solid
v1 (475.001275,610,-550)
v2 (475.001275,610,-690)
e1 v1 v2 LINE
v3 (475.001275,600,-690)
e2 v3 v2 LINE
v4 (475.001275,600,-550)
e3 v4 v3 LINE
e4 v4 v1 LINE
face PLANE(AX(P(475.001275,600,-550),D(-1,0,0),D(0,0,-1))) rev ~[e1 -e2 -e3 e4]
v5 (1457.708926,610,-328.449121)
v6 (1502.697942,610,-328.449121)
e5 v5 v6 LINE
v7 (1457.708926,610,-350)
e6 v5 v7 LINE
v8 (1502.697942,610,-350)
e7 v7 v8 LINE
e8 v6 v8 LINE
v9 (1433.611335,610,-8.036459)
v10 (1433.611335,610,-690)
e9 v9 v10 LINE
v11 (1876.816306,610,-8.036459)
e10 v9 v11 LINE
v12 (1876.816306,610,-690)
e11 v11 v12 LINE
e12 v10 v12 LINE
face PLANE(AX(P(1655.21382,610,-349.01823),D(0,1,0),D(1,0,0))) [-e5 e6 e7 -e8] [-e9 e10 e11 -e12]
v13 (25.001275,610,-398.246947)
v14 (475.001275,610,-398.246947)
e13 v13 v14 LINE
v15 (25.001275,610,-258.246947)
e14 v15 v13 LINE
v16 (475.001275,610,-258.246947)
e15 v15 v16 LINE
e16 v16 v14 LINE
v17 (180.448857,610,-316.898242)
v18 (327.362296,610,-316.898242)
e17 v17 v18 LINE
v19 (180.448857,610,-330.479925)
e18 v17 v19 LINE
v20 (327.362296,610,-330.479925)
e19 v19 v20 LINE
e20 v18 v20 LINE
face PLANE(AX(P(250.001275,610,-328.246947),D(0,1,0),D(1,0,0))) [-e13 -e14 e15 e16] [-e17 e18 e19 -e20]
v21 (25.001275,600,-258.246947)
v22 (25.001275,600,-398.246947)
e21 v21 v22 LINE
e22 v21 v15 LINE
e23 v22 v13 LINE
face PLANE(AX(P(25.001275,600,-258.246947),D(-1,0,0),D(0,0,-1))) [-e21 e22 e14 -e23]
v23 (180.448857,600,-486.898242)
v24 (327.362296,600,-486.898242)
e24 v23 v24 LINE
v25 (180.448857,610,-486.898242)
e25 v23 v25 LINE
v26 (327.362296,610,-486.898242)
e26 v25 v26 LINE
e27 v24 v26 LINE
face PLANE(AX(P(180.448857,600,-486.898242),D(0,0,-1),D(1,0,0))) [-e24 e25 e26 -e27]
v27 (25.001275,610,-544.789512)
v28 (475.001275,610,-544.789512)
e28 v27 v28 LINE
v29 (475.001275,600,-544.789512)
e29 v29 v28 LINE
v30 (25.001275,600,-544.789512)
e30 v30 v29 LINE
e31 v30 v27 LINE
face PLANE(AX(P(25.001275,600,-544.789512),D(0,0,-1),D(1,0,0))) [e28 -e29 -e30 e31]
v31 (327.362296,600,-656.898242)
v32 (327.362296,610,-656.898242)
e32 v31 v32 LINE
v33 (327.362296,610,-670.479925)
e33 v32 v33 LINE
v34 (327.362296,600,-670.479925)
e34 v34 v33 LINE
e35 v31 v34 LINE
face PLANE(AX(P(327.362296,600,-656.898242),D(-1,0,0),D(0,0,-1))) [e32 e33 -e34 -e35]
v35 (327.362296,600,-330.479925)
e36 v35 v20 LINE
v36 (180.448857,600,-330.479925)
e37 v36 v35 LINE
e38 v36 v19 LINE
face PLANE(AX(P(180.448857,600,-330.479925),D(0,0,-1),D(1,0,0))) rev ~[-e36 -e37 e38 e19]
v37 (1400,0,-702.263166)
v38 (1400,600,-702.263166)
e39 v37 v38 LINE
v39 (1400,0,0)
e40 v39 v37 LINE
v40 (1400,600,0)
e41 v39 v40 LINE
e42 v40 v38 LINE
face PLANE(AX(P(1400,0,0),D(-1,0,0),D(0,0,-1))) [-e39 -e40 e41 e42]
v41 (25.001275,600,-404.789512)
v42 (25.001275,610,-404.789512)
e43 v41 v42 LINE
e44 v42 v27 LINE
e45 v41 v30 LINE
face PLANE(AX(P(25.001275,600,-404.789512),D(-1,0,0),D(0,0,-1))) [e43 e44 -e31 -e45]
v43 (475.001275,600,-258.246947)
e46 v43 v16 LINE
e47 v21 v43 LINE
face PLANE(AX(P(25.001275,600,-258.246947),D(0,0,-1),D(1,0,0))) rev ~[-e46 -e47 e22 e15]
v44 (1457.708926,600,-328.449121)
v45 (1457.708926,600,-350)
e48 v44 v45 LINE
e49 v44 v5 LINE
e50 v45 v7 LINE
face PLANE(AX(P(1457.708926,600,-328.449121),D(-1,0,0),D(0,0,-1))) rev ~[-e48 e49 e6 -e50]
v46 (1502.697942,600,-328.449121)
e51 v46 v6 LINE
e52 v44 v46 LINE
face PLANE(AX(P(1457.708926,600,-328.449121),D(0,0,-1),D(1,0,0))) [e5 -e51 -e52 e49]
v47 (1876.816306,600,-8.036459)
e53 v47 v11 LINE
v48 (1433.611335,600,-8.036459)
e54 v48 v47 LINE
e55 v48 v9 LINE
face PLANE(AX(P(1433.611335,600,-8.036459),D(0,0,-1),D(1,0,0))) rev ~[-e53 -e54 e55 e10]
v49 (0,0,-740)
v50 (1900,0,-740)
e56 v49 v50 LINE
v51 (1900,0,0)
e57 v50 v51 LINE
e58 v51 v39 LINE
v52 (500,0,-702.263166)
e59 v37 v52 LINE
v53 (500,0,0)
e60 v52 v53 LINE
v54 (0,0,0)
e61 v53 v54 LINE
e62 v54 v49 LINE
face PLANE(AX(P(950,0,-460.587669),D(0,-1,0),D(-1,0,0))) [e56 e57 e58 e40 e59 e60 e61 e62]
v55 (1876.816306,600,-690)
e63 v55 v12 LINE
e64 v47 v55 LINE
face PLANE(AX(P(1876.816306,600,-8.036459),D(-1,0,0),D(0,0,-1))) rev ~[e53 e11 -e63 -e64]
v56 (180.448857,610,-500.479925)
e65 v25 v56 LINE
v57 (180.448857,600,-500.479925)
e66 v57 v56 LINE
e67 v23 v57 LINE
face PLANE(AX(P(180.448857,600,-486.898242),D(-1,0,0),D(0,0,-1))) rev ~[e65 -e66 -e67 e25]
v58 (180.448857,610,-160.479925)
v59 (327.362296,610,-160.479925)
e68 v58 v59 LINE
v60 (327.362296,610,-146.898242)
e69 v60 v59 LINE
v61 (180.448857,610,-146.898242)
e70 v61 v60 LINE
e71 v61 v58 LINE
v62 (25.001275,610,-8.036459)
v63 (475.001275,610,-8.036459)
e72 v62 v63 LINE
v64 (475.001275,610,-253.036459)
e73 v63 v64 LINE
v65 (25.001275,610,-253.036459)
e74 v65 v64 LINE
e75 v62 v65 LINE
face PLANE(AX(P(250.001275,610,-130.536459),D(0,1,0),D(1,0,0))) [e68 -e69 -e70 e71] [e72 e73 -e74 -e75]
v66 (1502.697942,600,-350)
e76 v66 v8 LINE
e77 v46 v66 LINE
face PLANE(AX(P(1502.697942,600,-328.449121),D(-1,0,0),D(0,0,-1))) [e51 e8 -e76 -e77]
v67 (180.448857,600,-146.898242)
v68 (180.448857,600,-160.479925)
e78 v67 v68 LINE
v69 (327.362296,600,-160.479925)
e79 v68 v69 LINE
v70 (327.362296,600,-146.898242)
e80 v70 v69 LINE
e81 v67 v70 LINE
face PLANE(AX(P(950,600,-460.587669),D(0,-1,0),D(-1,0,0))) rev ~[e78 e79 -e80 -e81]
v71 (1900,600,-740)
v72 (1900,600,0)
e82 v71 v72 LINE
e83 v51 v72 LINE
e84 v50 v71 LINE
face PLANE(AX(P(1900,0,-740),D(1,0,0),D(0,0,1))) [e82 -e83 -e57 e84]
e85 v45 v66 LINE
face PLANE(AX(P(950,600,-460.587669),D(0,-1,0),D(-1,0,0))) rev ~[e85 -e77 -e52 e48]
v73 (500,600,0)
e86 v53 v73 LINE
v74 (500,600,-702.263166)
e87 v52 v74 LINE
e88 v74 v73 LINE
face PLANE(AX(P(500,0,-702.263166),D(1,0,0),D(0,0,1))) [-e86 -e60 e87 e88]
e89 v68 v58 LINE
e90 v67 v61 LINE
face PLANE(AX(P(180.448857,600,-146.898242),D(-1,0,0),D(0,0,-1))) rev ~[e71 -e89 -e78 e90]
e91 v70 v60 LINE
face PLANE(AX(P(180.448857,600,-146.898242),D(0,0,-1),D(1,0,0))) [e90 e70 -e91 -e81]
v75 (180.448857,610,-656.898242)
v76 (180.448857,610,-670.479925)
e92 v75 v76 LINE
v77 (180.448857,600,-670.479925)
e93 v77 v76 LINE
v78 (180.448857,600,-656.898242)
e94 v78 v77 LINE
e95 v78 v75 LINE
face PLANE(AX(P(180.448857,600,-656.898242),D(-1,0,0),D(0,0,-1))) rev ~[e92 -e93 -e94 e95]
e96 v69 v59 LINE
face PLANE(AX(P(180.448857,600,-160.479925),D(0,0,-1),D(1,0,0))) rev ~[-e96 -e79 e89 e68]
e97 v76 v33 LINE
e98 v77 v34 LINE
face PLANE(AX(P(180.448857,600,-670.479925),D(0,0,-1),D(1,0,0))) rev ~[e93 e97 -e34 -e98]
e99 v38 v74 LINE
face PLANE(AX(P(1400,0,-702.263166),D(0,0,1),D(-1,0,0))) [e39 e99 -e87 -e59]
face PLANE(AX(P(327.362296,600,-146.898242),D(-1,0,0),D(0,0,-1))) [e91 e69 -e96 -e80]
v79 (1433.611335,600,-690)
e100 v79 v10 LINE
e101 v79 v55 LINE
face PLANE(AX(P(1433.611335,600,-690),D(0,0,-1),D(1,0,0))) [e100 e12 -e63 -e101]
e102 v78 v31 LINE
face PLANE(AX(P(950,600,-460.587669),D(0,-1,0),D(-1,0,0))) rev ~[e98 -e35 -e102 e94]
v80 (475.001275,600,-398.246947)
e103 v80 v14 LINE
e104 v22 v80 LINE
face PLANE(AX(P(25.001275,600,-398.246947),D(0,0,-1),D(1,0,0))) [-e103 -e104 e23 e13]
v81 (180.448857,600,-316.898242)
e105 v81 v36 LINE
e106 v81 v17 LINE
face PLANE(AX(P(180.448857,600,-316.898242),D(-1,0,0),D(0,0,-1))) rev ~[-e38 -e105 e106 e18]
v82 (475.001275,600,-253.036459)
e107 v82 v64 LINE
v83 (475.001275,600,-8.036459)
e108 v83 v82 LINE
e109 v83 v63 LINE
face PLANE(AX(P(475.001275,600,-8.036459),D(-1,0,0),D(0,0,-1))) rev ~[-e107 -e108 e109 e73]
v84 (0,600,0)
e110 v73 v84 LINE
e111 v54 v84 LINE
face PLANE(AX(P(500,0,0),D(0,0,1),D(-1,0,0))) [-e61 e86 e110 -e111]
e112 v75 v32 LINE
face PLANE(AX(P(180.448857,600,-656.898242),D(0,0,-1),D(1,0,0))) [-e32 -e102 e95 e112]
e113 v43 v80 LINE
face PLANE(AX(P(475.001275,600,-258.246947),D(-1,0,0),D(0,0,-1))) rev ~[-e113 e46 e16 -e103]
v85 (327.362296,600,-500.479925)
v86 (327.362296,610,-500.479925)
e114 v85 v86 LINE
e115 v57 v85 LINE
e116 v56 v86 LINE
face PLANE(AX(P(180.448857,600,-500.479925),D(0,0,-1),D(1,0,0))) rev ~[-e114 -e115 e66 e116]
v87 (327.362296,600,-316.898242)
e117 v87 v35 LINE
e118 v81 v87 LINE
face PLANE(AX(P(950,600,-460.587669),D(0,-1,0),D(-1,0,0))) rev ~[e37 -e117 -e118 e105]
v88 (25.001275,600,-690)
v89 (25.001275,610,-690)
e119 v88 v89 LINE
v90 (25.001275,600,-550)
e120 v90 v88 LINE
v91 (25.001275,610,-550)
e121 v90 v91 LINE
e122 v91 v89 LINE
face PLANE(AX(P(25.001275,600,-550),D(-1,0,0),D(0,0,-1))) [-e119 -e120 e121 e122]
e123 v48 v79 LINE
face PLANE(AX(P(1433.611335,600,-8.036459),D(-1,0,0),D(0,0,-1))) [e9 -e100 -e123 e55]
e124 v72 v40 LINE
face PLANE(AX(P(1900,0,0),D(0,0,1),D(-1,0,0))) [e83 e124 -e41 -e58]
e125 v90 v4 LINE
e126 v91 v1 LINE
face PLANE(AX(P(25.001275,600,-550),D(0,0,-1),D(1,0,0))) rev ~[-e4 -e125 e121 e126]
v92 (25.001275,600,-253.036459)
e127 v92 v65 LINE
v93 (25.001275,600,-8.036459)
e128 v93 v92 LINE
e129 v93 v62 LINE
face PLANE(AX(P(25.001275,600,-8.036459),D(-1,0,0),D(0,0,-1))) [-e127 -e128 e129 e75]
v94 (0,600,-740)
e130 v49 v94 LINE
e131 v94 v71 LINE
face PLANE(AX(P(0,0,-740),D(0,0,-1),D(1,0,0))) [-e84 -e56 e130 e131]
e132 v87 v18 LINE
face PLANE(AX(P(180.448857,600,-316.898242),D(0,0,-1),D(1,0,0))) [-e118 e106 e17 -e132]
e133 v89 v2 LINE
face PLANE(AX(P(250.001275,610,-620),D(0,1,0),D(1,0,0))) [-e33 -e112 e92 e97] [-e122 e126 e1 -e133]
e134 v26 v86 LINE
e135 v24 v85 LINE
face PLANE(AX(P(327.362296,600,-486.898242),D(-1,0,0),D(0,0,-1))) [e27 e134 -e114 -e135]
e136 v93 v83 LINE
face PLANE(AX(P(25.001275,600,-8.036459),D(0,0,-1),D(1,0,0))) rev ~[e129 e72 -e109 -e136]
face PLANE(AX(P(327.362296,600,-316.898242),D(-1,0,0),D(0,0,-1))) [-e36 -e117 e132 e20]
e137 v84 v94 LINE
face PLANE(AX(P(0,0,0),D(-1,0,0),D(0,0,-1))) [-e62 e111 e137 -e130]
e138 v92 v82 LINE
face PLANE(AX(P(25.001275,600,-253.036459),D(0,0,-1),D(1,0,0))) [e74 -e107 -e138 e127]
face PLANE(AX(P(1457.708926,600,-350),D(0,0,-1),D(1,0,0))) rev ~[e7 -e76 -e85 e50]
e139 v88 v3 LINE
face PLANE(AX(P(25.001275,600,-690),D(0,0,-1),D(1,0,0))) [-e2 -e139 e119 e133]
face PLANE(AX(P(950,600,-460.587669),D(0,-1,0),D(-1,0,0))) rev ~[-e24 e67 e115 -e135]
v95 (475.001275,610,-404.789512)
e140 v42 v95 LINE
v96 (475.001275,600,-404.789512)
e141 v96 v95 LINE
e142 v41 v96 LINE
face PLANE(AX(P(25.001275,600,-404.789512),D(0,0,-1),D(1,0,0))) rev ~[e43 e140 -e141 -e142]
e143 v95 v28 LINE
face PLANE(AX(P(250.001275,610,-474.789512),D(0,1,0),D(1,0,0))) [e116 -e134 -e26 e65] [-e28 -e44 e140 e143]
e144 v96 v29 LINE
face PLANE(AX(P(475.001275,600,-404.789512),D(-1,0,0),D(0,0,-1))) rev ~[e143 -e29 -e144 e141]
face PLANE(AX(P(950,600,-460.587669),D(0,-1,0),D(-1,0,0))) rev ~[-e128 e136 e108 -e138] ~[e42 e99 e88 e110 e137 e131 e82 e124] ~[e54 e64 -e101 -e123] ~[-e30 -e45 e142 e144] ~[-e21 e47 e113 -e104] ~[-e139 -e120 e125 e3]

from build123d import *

# Parameters (mm, degrees)
BOSS_EXTRUDE1_DEPTH = 600
SKETCH2_W           = 450
SKETCH2_H           = 140
SKETCH2_W_2         = 146.91343935
SKETCH2_H_2         = 13.581682478
SKETCH2_H_3         = 245
SKETCH2_W_3         = 443.204970856
SKETCH2_H_4         = 681.963540889
SKETCH2_W_4         = 44.98901636
SKETCH2_H_5         = 21.550878859
BOSS_EXTRUDE2_DEPTH = 10


with BuildPart() as part:
    # Sketch1 → Boss-Extrude1 (new body)
    with BuildSketch(Plane(origin=(0, 0, 0), x_dir=(1, 0, 0), z_dir=(0, 1, 0))):
        Polygon((0, 0), (0, 740), (1900, 740), (1900, 0), (1400, 0), (1400, 702.263165655), (500, 702.263165655), (500, 0), align=None)
    extrude(amount=BOSS_EXTRUDE1_DEPTH)

    # Sketch2 → Boss-Extrude2 (add)
    with BuildSketch(Plane(origin=(0, 600, 0), x_dir=(1, 0, 0), z_dir=(0, 1, 0))):
        with Locations((250.001274905, 620)):
            Rectangle(SKETCH2_W, SKETCH2_H)
        with Locations((253.905576666, 663.689083521)):
            Rectangle(SKETCH2_W_2, SKETCH2_H_2, mode=Mode.SUBTRACT)
        with Locations((250.001274905, 474.789512045)):
            Rectangle(SKETCH2_W, SKETCH2_H)
        with Locations((253.905576666, 493.689083521)):
            Rectangle(SKETCH2_W_2, SKETCH2_H_2, mode=Mode.SUBTRACT)
        with Locations((250.001274905, 328.246947066)):
            Rectangle(SKETCH2_W, SKETCH2_H)
        with Locations((253.905576666, 323.689083521)):
            Rectangle(SKETCH2_W_2, SKETCH2_H_2, mode=Mode.SUBTRACT)
        with Locations((250.001274905, 130.536459111)):
            Rectangle(SKETCH2_W, SKETCH2_H_3)
        with Locations((253.905576666, 153.689083521)):
            Rectangle(SKETCH2_W_2, SKETCH2_H_2, mode=Mode.SUBTRACT)
        with Locations((1655.213820174, 349.018229555)):
            Rectangle(SKETCH2_W_3, SKETCH2_H_4)
        with Locations((1480.203434269, 339.22456057)):
            Rectangle(SKETCH2_W_4, SKETCH2_H_5, mode=Mode.SUBTRACT)
    extrude(amount=BOSS_EXTRUDE2_DEPTH)


solid = part.part
